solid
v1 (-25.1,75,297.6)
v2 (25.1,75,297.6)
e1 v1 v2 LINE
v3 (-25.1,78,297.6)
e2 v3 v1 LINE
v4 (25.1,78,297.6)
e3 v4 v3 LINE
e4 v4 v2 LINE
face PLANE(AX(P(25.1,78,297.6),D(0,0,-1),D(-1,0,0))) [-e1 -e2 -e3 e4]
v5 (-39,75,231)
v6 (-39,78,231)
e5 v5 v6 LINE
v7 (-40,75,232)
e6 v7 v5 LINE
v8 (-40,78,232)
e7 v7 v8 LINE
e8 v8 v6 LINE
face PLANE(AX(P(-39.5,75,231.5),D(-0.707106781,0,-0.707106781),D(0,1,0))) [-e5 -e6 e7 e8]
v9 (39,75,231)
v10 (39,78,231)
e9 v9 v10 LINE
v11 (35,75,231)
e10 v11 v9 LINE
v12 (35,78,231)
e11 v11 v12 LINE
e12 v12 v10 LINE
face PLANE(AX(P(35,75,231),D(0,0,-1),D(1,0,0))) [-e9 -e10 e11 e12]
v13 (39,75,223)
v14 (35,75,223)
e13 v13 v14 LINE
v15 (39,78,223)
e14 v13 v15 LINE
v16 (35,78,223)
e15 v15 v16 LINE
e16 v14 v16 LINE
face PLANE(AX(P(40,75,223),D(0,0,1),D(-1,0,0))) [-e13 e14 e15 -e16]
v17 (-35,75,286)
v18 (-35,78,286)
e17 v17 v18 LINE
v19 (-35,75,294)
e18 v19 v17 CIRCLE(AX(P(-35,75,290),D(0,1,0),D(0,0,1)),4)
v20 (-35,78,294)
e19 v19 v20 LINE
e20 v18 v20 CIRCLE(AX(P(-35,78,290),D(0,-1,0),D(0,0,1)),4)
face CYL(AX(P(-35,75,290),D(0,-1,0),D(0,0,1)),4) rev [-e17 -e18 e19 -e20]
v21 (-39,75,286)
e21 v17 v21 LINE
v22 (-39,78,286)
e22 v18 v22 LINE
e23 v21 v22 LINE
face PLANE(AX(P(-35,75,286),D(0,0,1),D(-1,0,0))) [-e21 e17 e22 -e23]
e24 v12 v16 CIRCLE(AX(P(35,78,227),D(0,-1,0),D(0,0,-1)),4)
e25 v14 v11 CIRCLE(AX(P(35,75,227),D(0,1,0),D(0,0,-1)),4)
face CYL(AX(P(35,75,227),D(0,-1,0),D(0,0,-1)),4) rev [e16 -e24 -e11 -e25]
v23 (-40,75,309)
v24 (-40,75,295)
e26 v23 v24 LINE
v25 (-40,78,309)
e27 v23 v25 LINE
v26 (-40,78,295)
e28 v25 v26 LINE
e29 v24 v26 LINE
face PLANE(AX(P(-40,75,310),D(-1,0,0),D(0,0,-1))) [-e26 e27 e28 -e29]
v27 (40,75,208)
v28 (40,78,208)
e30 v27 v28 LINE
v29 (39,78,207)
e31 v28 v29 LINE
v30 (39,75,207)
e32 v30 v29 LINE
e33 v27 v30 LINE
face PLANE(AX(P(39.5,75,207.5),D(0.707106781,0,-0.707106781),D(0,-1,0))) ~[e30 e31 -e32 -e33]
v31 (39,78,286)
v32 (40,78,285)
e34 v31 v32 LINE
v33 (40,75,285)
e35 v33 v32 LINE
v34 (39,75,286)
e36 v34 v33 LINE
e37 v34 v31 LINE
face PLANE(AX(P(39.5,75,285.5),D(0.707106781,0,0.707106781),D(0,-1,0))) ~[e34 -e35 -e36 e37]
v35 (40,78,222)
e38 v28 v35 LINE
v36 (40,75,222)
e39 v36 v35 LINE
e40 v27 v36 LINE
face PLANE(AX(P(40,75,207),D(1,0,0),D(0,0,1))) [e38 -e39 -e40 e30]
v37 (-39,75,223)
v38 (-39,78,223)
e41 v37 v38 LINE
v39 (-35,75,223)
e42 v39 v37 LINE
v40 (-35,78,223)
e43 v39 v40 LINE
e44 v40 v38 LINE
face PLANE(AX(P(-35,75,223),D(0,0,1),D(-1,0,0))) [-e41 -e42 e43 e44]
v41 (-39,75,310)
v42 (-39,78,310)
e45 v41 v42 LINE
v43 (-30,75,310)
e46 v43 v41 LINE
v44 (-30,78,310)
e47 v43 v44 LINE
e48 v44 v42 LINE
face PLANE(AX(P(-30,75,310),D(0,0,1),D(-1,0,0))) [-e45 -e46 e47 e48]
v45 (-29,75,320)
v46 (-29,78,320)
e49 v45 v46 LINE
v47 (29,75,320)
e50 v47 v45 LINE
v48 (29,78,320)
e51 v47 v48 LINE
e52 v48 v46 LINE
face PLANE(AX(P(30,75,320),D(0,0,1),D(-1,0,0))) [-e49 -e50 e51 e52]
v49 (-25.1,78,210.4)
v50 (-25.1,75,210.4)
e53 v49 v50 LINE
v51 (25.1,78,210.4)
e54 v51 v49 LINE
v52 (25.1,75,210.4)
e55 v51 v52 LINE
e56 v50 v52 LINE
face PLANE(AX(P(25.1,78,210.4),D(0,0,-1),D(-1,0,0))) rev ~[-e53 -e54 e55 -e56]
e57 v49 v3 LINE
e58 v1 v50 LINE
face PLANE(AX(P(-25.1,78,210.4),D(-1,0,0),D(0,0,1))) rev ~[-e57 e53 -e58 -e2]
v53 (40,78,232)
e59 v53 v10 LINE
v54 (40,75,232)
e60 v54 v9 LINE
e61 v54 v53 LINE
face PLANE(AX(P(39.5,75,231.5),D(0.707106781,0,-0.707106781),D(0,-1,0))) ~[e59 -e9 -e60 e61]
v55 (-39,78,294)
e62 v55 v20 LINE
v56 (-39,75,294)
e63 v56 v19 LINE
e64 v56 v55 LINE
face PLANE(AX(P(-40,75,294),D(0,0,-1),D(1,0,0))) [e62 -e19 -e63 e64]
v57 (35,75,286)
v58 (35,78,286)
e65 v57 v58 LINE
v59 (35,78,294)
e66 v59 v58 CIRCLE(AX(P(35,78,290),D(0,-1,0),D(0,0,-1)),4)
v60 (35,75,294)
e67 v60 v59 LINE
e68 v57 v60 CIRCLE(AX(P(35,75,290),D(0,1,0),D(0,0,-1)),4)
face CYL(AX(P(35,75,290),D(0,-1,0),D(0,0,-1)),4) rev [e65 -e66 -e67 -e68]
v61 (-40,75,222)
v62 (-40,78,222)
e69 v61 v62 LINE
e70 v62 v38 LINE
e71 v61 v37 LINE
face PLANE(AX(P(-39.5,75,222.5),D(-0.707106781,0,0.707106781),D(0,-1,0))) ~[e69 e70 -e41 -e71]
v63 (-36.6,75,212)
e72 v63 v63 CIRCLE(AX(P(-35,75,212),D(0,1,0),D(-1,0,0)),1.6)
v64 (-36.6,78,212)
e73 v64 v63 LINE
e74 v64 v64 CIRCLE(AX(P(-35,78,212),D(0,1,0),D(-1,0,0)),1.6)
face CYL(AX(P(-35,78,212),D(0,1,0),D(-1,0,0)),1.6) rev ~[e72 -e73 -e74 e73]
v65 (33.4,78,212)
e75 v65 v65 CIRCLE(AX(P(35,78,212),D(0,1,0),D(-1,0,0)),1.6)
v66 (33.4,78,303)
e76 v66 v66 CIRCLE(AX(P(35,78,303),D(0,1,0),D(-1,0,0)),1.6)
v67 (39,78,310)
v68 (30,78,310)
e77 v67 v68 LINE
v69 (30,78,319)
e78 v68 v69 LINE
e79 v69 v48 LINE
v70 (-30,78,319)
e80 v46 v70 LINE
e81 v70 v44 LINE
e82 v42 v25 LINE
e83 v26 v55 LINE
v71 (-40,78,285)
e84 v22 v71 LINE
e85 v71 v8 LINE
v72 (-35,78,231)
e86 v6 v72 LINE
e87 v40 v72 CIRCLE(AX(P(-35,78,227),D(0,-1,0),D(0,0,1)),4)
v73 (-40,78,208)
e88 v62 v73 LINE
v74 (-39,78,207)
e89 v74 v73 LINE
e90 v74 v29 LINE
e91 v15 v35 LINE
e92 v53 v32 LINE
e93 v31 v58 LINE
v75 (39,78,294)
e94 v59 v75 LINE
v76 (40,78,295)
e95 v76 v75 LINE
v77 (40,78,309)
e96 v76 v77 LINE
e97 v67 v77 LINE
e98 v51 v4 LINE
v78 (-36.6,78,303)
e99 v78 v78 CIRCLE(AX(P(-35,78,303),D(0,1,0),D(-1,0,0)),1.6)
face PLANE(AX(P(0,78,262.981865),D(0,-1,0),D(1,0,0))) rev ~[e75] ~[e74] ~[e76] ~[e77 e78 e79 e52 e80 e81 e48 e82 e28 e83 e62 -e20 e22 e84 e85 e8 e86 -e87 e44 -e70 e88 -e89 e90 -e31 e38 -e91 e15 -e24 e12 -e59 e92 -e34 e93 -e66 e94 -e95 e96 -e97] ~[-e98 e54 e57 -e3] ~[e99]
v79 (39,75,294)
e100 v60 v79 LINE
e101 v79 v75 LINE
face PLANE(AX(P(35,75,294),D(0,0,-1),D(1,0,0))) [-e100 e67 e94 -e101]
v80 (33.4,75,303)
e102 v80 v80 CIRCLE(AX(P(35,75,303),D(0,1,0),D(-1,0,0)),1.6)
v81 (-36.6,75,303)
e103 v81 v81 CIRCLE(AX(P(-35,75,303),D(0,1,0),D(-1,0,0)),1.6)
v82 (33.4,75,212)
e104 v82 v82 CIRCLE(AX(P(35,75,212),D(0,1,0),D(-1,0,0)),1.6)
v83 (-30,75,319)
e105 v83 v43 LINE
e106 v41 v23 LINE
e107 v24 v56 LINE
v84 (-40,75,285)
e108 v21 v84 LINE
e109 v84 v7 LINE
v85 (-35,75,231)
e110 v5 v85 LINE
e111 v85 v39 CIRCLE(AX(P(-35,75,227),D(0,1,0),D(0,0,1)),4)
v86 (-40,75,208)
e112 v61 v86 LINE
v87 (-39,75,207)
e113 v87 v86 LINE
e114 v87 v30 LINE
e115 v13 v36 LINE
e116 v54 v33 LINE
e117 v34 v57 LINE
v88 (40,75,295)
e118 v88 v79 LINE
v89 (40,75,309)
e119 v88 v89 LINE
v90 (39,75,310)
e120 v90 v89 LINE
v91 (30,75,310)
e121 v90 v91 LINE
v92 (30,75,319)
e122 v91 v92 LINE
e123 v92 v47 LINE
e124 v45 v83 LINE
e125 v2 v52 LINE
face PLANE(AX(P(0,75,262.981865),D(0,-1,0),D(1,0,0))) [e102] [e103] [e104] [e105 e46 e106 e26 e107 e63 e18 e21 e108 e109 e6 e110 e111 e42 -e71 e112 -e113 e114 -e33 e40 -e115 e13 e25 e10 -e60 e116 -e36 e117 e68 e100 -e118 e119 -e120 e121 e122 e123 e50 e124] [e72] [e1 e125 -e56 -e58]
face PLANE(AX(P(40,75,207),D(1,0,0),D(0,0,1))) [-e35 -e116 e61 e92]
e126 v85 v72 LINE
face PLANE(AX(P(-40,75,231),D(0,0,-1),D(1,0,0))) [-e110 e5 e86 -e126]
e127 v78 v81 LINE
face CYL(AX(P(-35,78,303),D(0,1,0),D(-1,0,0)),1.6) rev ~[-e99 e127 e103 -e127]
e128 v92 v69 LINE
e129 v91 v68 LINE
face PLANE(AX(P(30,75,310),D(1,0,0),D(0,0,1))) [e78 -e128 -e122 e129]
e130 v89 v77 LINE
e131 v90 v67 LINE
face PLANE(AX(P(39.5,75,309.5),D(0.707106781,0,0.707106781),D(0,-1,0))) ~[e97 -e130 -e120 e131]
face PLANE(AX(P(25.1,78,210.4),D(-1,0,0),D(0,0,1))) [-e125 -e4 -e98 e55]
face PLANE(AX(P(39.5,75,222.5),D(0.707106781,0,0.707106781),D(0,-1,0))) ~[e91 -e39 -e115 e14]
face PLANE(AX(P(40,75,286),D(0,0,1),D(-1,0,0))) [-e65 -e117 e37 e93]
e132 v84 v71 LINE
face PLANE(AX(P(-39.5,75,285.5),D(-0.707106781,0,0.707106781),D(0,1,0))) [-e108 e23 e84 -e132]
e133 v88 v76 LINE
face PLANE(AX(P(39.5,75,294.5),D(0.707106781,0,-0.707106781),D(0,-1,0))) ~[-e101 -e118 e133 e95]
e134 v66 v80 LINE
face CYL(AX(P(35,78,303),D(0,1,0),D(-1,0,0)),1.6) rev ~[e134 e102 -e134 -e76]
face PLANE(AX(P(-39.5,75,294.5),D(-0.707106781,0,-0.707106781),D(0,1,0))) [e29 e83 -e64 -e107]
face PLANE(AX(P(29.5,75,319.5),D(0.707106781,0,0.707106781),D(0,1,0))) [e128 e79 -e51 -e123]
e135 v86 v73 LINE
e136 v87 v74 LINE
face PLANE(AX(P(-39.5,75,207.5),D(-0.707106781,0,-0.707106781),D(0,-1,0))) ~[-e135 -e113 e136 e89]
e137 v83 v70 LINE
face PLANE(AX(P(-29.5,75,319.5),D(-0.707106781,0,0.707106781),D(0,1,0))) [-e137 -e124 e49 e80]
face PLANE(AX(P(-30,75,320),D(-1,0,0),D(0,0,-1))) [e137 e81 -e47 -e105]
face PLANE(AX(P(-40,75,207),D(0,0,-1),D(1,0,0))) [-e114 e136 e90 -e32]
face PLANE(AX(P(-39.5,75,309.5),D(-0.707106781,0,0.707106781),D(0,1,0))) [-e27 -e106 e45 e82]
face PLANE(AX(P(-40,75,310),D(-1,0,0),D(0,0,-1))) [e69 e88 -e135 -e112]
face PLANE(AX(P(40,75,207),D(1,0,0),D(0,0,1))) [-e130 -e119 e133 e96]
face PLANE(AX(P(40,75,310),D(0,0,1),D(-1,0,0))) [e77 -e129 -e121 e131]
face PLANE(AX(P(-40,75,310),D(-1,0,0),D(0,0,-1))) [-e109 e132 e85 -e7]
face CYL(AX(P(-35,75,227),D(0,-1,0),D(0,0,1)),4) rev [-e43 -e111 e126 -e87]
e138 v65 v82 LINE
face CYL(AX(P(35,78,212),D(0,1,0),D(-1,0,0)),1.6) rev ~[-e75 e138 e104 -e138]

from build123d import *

# Parameters (mm, degrees)
PAD098_DEPTH    = 3
POCKET028_DEPTH = 3.001
SKETCH185_R     = 1.6
SKETCH185_W     = 50
SKETCH185_H     = 69.2
POCKET029_DEPTH = 3.001
SKETCH209_W     = 50.2
SKETCH209_H     = 87.2
POCKET043_DEPTH = 5
CHAMFER073_SIZE = 1
SKETCH214_R     = 1.6
POCKET046_DEPTH = 3.001


with BuildPart() as part:
    # Sketch183 → Pad098 (new body)
    with BuildSketch(Plane(origin=(0, 0, 0), x_dir=(-1, 0, 0), z_dir=(0, 1, 0))):
        Polygon((-40, 310), (-30, 310), (-30, 320), (30, 320), (30, 310), (40, 310), (40, 207), (-40, 207), align=None)
    extrude(amount=PAD098_DEPTH)

    # Sketch184 → Pocket028 (cut, through all)
    with BuildSketch(Plane(origin=(0, 0, 0), x_dir=(-1, 0, 0), z_dir=(0, 1, 0))):
        with BuildLine():
            ThreePointArc((-40, 294), (-44, 290), (-40, 286))
            Line((-40, 286), (-35, 286))
            ThreePointArc((-35, 286), (-31, 290), (-35, 294))
            Line((-35, 294), (-40, 294))
        make_face()
        with BuildLine():
            ThreePointArc((-40, 231), (-44, 227), (-40, 223))
            Line((-40, 223), (-35, 223))
            ThreePointArc((-35, 223), (-31, 227), (-35, 231))
            Line((-35, 231), (-40, 231))
        make_face()
        with BuildLine():
            ThreePointArc((40, 223), (44, 227), (40, 231))
            Line((40, 231), (35, 231))
            ThreePointArc((35, 231), (31, 227), (35, 223))
            Line((35, 223), (40, 223))
        make_face()
        with BuildLine():
            ThreePointArc((40, 286), (44, 290), (40, 294))
            Line((40, 294), (35, 294))
            ThreePointArc((35, 294), (31, 290), (35, 286))
            Line((35, 286), (40, 286))
        make_face()
    extrude(amount=POCKET028_DEPTH, mode=Mode.SUBTRACT)

    # Sketch185 (on Face5 of Pocket028) → Pocket029 (cut, through all)
    with BuildSketch(Plane(origin=(0, 3, 0), x_dir=(-1, 0, 0), z_dir=(0, 1, 0))):
        with Locations((22, 217.92)):
            Circle(SKETCH185_R)
        with Locations((-22, 217.92)):
            Circle(SKETCH185_R)
        with Locations((-22, 294)):
            Circle(SKETCH185_R)
        with Locations((22, 294)):
            Circle(SKETCH185_R)
        with Locations((0, 256)):
            Rectangle(SKETCH185_W, SKETCH185_H)
    extrude(amount=-POCKET029_DEPTH, mode=Mode.SUBTRACT)

    # Sketch209 (on Face5 of Pocket029) → Pocket043 (cut)
    with BuildSketch(Plane(origin=(0, 3, 0), x_dir=(-1, 0, 0), z_dir=(0, 1, 0))):
        with Locations((0, 254)):
            Rectangle(SKETCH209_W, SKETCH209_H)
    extrude(amount=-POCKET043_DEPTH, mode=Mode.SUBTRACT)

    # Chamfer073
    chamfer073_edges = [part.edges().sort_by_distance(p)[0] for p in [
        (-30, 1.5, 320),
        (-40, 1.5, 310),
        (-40, 1.5, 294),
        (-40, 1.5, 286),
        (-40, 1.5, 223),
        (-40, 1.5, 231),
        (-40, 1.5, 207),
        (40, 1.5, 207),
        (40, 1.5, 223),
        (40, 1.5, 231),
        (40, 1.5, 294),
        (40, 1.5, 286),
        (40, 1.5, 310),
        (30, 1.5, 320),
    ]]
    chamfer(chamfer073_edges, length=CHAMFER073_SIZE)

    # Sketch214 (on Face5 of Chamfer073) → Pocket046 (cut, through all)
    with BuildSketch(Plane(origin=(0, 3, 0), x_dir=(-1, 0, 0), z_dir=(0, 1, 0))):
        with Locations((35, 212)):
            Circle(SKETCH214_R)
        with Locations((-35, 212)):
            Circle(SKETCH214_R)
        with Locations((-35, 303)):
            Circle(SKETCH214_R)
        with Locations((35, 303)):
            Circle(SKETCH214_R)
    extrude(amount=-POCKET046_DEPTH, mode=Mode.SUBTRACT)


with BuildPart() as part_1:
    # Body086 placement: moved
    add(part.part.moved(Location((0, 75, 0))))


solid = part_1.part
